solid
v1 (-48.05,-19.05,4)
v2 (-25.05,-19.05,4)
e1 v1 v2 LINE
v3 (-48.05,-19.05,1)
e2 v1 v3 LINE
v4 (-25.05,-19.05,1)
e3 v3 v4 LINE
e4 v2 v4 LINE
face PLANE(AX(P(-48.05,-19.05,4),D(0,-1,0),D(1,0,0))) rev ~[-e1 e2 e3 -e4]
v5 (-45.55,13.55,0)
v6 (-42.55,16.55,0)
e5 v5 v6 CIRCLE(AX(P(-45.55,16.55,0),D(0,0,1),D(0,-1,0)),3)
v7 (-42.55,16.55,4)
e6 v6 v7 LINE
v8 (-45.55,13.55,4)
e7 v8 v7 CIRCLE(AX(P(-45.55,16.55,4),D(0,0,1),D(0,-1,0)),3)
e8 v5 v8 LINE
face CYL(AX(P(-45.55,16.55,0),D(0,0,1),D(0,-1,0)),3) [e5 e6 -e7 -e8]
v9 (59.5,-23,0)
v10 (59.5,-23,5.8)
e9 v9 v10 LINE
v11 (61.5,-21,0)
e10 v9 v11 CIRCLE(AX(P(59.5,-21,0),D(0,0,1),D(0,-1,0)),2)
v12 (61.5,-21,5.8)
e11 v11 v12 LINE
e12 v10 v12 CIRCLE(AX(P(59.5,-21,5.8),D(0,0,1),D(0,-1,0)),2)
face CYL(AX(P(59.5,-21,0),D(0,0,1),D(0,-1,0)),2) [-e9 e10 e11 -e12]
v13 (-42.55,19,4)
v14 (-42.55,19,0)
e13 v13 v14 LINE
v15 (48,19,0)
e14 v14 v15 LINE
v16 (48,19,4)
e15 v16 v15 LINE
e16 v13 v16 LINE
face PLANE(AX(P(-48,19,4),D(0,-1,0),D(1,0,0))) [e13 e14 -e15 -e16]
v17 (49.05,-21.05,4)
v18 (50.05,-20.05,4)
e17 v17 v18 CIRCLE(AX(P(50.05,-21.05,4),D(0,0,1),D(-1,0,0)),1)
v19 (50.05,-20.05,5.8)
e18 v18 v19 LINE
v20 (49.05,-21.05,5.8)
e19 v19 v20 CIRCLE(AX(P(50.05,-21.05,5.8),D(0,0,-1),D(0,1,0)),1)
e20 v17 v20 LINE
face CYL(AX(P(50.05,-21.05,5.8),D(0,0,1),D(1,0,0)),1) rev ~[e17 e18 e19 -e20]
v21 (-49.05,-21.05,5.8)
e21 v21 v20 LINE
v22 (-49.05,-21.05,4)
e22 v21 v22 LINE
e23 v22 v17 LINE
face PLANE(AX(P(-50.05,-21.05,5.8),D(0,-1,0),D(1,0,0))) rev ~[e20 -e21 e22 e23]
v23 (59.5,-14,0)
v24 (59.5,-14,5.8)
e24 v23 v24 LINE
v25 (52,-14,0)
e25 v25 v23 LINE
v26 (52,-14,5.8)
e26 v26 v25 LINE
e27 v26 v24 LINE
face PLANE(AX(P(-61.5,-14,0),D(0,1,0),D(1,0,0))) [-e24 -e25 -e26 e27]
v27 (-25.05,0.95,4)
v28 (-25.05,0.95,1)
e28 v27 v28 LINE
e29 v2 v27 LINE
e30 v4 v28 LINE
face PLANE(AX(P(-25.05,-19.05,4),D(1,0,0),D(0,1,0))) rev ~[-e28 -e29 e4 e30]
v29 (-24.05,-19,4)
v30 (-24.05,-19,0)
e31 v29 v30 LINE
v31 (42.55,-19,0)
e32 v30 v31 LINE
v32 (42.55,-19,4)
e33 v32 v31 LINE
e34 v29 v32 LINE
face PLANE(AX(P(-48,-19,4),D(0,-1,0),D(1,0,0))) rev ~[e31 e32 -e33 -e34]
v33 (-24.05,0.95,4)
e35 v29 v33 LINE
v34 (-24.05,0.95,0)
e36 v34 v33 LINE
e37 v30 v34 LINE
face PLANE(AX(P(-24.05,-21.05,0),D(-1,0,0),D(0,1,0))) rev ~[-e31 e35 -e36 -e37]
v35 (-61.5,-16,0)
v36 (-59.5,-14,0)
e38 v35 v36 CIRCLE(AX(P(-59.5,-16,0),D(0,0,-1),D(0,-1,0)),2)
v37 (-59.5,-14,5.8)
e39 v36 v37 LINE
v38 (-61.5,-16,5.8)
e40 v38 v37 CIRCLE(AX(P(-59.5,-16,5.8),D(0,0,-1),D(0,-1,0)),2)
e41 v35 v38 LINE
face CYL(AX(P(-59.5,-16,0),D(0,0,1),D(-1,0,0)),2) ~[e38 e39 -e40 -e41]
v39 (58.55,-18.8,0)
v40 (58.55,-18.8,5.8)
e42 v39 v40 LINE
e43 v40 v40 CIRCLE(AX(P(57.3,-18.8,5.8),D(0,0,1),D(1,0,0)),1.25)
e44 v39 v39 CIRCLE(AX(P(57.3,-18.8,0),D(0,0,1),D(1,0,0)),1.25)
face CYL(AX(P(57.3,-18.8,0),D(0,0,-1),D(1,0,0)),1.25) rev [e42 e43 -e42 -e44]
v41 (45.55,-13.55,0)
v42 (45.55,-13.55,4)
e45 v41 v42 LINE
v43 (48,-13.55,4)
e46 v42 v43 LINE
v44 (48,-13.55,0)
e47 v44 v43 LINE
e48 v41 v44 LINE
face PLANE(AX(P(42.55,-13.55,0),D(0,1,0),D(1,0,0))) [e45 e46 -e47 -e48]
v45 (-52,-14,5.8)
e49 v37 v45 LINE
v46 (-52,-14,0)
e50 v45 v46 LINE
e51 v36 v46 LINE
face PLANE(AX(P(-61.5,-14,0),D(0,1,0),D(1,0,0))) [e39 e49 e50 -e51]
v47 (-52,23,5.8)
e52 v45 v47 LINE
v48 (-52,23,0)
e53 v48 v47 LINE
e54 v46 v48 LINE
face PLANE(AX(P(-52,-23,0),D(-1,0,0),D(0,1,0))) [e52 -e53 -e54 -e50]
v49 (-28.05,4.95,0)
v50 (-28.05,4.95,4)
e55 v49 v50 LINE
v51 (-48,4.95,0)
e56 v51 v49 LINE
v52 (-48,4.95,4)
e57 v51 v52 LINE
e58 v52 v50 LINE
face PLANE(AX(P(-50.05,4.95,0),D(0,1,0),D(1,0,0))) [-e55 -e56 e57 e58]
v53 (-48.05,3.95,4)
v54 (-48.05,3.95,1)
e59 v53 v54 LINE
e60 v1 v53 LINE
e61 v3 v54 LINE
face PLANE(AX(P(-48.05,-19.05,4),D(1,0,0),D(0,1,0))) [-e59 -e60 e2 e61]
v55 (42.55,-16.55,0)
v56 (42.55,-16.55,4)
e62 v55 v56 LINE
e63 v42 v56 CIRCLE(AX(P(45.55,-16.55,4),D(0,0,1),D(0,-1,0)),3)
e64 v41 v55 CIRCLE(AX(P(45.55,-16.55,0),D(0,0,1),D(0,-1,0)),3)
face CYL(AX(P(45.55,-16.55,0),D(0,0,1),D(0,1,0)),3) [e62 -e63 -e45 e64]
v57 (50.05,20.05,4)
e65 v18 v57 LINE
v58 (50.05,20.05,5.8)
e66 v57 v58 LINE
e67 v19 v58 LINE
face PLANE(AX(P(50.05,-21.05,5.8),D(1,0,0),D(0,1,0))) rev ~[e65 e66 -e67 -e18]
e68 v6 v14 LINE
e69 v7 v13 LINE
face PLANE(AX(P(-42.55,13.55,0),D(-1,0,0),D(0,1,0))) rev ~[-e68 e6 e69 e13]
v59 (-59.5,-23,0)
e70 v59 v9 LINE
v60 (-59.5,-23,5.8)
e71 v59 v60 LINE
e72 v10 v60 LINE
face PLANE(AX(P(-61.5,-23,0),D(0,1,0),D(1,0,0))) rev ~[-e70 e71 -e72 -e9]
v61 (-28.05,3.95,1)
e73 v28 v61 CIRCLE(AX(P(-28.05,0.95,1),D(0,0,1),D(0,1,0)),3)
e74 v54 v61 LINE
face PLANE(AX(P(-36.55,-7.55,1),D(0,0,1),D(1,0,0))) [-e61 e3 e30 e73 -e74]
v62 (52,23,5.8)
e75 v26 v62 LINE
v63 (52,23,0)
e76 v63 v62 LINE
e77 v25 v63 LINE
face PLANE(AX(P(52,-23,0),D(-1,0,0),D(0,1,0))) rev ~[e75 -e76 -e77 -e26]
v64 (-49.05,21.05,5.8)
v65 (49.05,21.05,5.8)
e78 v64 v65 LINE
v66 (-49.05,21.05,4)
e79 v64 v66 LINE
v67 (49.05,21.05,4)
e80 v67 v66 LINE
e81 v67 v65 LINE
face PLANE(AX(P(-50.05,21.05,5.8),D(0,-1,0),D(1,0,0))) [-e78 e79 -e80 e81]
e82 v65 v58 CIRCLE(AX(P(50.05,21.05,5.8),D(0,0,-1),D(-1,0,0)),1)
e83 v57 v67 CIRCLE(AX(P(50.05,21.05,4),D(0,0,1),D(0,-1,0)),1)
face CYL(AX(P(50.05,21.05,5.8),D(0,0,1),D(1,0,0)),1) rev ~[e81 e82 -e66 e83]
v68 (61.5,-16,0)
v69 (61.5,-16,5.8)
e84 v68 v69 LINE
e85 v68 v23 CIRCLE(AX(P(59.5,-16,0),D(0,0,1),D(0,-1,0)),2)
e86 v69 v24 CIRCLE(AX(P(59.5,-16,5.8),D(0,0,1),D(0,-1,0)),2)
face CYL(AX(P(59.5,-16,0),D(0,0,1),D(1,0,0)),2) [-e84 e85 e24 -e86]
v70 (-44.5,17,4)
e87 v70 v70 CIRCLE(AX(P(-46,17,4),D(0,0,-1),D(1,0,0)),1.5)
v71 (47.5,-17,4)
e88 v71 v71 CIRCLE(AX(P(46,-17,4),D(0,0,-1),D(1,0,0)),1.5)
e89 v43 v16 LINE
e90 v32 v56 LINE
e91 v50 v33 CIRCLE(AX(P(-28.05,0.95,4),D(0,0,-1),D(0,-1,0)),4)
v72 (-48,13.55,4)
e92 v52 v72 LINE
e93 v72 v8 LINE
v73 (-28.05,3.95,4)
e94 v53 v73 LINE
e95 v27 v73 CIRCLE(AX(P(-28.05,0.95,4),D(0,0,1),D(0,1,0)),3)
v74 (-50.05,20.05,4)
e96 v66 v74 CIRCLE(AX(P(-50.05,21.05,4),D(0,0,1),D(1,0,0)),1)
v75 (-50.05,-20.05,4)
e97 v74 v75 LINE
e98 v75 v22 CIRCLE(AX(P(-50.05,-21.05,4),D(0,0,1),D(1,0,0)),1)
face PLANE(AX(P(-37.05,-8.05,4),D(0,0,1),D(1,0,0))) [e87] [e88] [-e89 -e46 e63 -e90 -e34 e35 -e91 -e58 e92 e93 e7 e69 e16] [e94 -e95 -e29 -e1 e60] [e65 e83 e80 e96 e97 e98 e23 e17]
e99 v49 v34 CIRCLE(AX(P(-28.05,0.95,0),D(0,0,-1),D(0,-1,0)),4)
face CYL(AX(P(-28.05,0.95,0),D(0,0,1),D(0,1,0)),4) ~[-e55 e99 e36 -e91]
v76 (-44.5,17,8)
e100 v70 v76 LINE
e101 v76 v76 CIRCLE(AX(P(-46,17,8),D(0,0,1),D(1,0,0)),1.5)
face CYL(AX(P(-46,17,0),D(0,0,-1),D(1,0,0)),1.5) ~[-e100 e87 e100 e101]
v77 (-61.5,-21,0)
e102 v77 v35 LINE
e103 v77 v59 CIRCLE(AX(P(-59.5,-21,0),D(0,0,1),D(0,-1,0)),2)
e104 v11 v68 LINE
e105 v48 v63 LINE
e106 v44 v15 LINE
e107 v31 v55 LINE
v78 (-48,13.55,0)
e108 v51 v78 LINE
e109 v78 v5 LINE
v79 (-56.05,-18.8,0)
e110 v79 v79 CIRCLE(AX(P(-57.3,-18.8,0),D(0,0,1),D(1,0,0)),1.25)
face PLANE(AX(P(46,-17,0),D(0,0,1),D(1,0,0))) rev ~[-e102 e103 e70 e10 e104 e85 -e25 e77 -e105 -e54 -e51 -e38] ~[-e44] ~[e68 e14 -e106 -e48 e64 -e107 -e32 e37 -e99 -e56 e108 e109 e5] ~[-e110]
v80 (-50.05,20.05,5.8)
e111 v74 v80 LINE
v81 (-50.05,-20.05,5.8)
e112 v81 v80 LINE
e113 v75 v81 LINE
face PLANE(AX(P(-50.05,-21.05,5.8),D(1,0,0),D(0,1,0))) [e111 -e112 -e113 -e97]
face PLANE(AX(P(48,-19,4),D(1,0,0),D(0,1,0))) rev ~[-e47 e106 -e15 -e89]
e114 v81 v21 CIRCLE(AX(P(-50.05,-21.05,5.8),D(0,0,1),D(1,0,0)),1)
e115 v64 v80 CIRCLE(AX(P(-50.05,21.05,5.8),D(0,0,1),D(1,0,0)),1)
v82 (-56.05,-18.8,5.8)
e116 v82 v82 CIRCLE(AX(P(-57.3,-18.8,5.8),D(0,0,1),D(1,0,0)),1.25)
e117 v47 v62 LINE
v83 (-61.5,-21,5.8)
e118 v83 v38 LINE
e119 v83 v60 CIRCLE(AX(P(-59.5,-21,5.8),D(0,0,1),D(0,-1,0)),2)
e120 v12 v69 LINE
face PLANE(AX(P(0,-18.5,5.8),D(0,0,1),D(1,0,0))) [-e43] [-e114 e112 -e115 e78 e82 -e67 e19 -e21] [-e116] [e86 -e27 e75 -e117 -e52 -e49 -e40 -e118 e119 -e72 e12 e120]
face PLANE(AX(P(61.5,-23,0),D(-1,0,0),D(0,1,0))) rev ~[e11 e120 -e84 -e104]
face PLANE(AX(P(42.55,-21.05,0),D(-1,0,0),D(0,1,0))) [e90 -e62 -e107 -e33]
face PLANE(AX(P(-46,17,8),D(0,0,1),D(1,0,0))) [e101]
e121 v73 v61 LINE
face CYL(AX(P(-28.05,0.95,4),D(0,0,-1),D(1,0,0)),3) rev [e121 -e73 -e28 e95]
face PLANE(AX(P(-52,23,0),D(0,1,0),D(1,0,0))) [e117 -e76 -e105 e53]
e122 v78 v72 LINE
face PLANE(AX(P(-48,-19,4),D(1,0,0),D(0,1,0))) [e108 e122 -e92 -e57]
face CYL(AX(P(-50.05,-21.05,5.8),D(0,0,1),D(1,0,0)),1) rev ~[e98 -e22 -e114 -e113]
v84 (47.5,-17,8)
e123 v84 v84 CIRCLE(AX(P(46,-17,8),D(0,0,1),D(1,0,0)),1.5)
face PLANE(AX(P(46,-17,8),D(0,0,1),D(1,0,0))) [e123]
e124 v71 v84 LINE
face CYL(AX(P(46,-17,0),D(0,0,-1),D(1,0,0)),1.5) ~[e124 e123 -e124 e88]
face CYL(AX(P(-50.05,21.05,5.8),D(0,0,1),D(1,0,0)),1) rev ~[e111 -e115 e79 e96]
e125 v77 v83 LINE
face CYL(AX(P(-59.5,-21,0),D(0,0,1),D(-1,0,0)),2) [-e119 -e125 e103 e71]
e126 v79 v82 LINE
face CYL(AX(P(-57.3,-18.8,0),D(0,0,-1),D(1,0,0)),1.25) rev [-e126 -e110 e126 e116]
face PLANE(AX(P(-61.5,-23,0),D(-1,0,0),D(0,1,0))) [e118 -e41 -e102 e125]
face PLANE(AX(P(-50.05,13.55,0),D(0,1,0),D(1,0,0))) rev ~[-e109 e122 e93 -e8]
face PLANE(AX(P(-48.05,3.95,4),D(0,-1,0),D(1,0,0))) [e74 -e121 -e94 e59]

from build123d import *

# Parameters (mm, degrees)
F0_W      = 104
F0_H      = 46
F1_DEPTH  = 5.8
F2_W      = 123
F2_H      = 9
F3_DEPTH  = 5.8
F4_R      = 1.25
F5_DEPTH  = 5.8
F6_R      = 1.25
F7_DEPTH  = 5.8
F8_W      = 100.1
F8_H      = 42.1
F9_DEPTH  = 1.8
F10_W     = 96
F10_H     = 38
F11_DEPTH = 4
F12_W     = 7.5
F12_H     = 7.5
F13_DEPTH = 4
F14_W     = 7.5
F14_H     = 7.5
F15_DEPTH = 4
F16_R     = 1.5
F17_DEPTH = 8
F18_R     = 1.5
F19_DEPTH = 8
F20_W     = 26
F20_H     = 26
F21_DEPTH = 4
F22_W     = 23
F22_H     = 23
F23_DEPTH = 3
F24_R     = 3
F25_R     = 4
F26_R     = 3
F27_R     = 3
F28_R     = 2
F29_R     = 1
F30_DEPTH = 1.8
F31_R     = 1
F32_DEPTH = 1.8
F33_R     = 1
F34_DEPTH = 1.8


with BuildPart() as f1:
    # F0 (on Top) → F1 (new body)
    with BuildSketch(Plane.XY):
        Rectangle(F0_W, F0_H)
    extrude(amount=F1_DEPTH)

    # F2 (on Top) → F3 (join)
    with BuildSketch(Plane.XY):
        with Locations((0, -18.5)):
            Rectangle(F2_W, F2_H)
    extrude(amount=F3_DEPTH)

    # F4 (on Top) → F5 (cut)
    with BuildSketch(Plane.XY):
        with Locations((-57.3, -18.8)):
            Circle(F4_R)
    extrude(amount=F5_DEPTH, mode=Mode.SUBTRACT)

    # F6 (on Top) → F7 (cut)
    with BuildSketch(Plane.XY):
        with Locations((57.3, -18.8)):
            Circle(F6_R)
    extrude(amount=F7_DEPTH, mode=Mode.SUBTRACT)

    # F8 (on face) → F9 (cut)
    with BuildSketch(Plane.XY.offset(5.8)):
        Rectangle(F8_W, F8_H)
    extrude(amount=-F9_DEPTH, mode=Mode.SUBTRACT)

    # F10 (on face) → F11 (cut)
    with BuildSketch(Plane.XY.offset(4)):
        Rectangle(F10_W, F10_H)
    extrude(amount=-F11_DEPTH, mode=Mode.SUBTRACT)

    # F12 (on Top) → F13 (join)
    with BuildSketch(Plane.XY):
        with Locations((-46.3, 17.3)):
            Rectangle(F12_W, F12_H)
    extrude(amount=F13_DEPTH)

    # F14 (on Top) → F15 (join)
    with BuildSketch(Plane.XY):
        with Locations((46.3, -17.3)):
            Rectangle(F14_W, F14_H)
    extrude(amount=F15_DEPTH)

    # F16 (on Top) → F17 (join)
    with BuildSketch(Plane.XY):
        with Locations((-46, 17)):
            Circle(F16_R)
    extrude(amount=F17_DEPTH)

    # F18 (on Top) → F19 (join)
    with BuildSketch(Plane.XY):
        with Locations((46, -17)):
            Circle(F18_R)
    extrude(amount=F19_DEPTH)

    # F20 (on Top) → F21 (join)
    with BuildSketch(Plane.XY):
        with Locations((-37.05, -8.05)):
            Rectangle(F20_W, F20_H)
    extrude(amount=F21_DEPTH)

    # F22 (on face) → F23 (cut)
    with BuildSketch(Plane.XY.offset(4)):
        with Locations((-36.55, -7.55)):
            Rectangle(F22_W, F22_H)
    extrude(amount=-F23_DEPTH, mode=Mode.SUBTRACT)

    # F24
    f24_edges = [f1.edges().sort_by_distance(p)[0] for p in [
        (-25.05, 3.95, 2.5),
    ]]
    fillet(f24_edges, radius=F24_R)

    # F25
    f25_edges = [f1.edges().sort_by_distance(p)[0] for p in [
        (-24.05, 4.95, 2),
    ]]
    fillet(f25_edges, radius=F25_R)

    # F26
    f26_edges = [f1.edges().sort_by_distance(p)[0] for p in [
        (-42.55, 13.55, 2),
    ]]
    fillet(f26_edges, radius=F26_R)

    # F27
    f27_edges = [f1.edges().sort_by_distance(p)[0] for p in [
        (42.55, -13.55, 2),
    ]]
    fillet(f27_edges, radius=F27_R)

    # F28
    f28_edges = [f1.edges().sort_by_distance(p)[0] for p in [
        (-61.5, -14, 2.9),
        (-61.5, -23, 2.9),
        (61.5, -23, 2.9),
        (61.5, -14, 2.9),
    ]]
    fillet(f28_edges, radius=F28_R)

    # F29 (on face) → F30 (cut)
    with BuildSketch(Plane.XY.offset(5.8)):
        with Locations((-50.05, 21.05)):
            Circle(F29_R)
    extrude(amount=-F30_DEPTH, mode=Mode.SUBTRACT)

    # F31 (on face) → F32 (cut)
    with BuildSketch(Plane.XY.offset(5.8)):
        with Locations((-50.05, -21.05)):
            Circle(F31_R)
    extrude(amount=-F32_DEPTH, mode=Mode.SUBTRACT)

    # F33 (on face) → F34 (cut)
    with BuildSketch(Plane.XY.offset(5.8)):
        with Locations((50.05, -21.05)):
            Circle(F33_R)
        with Locations((50.05, 21.05)):
            Circle(F33_R)
    extrude(amount=-F34_DEPTH, mode=Mode.SUBTRACT)


solid = f1.part
